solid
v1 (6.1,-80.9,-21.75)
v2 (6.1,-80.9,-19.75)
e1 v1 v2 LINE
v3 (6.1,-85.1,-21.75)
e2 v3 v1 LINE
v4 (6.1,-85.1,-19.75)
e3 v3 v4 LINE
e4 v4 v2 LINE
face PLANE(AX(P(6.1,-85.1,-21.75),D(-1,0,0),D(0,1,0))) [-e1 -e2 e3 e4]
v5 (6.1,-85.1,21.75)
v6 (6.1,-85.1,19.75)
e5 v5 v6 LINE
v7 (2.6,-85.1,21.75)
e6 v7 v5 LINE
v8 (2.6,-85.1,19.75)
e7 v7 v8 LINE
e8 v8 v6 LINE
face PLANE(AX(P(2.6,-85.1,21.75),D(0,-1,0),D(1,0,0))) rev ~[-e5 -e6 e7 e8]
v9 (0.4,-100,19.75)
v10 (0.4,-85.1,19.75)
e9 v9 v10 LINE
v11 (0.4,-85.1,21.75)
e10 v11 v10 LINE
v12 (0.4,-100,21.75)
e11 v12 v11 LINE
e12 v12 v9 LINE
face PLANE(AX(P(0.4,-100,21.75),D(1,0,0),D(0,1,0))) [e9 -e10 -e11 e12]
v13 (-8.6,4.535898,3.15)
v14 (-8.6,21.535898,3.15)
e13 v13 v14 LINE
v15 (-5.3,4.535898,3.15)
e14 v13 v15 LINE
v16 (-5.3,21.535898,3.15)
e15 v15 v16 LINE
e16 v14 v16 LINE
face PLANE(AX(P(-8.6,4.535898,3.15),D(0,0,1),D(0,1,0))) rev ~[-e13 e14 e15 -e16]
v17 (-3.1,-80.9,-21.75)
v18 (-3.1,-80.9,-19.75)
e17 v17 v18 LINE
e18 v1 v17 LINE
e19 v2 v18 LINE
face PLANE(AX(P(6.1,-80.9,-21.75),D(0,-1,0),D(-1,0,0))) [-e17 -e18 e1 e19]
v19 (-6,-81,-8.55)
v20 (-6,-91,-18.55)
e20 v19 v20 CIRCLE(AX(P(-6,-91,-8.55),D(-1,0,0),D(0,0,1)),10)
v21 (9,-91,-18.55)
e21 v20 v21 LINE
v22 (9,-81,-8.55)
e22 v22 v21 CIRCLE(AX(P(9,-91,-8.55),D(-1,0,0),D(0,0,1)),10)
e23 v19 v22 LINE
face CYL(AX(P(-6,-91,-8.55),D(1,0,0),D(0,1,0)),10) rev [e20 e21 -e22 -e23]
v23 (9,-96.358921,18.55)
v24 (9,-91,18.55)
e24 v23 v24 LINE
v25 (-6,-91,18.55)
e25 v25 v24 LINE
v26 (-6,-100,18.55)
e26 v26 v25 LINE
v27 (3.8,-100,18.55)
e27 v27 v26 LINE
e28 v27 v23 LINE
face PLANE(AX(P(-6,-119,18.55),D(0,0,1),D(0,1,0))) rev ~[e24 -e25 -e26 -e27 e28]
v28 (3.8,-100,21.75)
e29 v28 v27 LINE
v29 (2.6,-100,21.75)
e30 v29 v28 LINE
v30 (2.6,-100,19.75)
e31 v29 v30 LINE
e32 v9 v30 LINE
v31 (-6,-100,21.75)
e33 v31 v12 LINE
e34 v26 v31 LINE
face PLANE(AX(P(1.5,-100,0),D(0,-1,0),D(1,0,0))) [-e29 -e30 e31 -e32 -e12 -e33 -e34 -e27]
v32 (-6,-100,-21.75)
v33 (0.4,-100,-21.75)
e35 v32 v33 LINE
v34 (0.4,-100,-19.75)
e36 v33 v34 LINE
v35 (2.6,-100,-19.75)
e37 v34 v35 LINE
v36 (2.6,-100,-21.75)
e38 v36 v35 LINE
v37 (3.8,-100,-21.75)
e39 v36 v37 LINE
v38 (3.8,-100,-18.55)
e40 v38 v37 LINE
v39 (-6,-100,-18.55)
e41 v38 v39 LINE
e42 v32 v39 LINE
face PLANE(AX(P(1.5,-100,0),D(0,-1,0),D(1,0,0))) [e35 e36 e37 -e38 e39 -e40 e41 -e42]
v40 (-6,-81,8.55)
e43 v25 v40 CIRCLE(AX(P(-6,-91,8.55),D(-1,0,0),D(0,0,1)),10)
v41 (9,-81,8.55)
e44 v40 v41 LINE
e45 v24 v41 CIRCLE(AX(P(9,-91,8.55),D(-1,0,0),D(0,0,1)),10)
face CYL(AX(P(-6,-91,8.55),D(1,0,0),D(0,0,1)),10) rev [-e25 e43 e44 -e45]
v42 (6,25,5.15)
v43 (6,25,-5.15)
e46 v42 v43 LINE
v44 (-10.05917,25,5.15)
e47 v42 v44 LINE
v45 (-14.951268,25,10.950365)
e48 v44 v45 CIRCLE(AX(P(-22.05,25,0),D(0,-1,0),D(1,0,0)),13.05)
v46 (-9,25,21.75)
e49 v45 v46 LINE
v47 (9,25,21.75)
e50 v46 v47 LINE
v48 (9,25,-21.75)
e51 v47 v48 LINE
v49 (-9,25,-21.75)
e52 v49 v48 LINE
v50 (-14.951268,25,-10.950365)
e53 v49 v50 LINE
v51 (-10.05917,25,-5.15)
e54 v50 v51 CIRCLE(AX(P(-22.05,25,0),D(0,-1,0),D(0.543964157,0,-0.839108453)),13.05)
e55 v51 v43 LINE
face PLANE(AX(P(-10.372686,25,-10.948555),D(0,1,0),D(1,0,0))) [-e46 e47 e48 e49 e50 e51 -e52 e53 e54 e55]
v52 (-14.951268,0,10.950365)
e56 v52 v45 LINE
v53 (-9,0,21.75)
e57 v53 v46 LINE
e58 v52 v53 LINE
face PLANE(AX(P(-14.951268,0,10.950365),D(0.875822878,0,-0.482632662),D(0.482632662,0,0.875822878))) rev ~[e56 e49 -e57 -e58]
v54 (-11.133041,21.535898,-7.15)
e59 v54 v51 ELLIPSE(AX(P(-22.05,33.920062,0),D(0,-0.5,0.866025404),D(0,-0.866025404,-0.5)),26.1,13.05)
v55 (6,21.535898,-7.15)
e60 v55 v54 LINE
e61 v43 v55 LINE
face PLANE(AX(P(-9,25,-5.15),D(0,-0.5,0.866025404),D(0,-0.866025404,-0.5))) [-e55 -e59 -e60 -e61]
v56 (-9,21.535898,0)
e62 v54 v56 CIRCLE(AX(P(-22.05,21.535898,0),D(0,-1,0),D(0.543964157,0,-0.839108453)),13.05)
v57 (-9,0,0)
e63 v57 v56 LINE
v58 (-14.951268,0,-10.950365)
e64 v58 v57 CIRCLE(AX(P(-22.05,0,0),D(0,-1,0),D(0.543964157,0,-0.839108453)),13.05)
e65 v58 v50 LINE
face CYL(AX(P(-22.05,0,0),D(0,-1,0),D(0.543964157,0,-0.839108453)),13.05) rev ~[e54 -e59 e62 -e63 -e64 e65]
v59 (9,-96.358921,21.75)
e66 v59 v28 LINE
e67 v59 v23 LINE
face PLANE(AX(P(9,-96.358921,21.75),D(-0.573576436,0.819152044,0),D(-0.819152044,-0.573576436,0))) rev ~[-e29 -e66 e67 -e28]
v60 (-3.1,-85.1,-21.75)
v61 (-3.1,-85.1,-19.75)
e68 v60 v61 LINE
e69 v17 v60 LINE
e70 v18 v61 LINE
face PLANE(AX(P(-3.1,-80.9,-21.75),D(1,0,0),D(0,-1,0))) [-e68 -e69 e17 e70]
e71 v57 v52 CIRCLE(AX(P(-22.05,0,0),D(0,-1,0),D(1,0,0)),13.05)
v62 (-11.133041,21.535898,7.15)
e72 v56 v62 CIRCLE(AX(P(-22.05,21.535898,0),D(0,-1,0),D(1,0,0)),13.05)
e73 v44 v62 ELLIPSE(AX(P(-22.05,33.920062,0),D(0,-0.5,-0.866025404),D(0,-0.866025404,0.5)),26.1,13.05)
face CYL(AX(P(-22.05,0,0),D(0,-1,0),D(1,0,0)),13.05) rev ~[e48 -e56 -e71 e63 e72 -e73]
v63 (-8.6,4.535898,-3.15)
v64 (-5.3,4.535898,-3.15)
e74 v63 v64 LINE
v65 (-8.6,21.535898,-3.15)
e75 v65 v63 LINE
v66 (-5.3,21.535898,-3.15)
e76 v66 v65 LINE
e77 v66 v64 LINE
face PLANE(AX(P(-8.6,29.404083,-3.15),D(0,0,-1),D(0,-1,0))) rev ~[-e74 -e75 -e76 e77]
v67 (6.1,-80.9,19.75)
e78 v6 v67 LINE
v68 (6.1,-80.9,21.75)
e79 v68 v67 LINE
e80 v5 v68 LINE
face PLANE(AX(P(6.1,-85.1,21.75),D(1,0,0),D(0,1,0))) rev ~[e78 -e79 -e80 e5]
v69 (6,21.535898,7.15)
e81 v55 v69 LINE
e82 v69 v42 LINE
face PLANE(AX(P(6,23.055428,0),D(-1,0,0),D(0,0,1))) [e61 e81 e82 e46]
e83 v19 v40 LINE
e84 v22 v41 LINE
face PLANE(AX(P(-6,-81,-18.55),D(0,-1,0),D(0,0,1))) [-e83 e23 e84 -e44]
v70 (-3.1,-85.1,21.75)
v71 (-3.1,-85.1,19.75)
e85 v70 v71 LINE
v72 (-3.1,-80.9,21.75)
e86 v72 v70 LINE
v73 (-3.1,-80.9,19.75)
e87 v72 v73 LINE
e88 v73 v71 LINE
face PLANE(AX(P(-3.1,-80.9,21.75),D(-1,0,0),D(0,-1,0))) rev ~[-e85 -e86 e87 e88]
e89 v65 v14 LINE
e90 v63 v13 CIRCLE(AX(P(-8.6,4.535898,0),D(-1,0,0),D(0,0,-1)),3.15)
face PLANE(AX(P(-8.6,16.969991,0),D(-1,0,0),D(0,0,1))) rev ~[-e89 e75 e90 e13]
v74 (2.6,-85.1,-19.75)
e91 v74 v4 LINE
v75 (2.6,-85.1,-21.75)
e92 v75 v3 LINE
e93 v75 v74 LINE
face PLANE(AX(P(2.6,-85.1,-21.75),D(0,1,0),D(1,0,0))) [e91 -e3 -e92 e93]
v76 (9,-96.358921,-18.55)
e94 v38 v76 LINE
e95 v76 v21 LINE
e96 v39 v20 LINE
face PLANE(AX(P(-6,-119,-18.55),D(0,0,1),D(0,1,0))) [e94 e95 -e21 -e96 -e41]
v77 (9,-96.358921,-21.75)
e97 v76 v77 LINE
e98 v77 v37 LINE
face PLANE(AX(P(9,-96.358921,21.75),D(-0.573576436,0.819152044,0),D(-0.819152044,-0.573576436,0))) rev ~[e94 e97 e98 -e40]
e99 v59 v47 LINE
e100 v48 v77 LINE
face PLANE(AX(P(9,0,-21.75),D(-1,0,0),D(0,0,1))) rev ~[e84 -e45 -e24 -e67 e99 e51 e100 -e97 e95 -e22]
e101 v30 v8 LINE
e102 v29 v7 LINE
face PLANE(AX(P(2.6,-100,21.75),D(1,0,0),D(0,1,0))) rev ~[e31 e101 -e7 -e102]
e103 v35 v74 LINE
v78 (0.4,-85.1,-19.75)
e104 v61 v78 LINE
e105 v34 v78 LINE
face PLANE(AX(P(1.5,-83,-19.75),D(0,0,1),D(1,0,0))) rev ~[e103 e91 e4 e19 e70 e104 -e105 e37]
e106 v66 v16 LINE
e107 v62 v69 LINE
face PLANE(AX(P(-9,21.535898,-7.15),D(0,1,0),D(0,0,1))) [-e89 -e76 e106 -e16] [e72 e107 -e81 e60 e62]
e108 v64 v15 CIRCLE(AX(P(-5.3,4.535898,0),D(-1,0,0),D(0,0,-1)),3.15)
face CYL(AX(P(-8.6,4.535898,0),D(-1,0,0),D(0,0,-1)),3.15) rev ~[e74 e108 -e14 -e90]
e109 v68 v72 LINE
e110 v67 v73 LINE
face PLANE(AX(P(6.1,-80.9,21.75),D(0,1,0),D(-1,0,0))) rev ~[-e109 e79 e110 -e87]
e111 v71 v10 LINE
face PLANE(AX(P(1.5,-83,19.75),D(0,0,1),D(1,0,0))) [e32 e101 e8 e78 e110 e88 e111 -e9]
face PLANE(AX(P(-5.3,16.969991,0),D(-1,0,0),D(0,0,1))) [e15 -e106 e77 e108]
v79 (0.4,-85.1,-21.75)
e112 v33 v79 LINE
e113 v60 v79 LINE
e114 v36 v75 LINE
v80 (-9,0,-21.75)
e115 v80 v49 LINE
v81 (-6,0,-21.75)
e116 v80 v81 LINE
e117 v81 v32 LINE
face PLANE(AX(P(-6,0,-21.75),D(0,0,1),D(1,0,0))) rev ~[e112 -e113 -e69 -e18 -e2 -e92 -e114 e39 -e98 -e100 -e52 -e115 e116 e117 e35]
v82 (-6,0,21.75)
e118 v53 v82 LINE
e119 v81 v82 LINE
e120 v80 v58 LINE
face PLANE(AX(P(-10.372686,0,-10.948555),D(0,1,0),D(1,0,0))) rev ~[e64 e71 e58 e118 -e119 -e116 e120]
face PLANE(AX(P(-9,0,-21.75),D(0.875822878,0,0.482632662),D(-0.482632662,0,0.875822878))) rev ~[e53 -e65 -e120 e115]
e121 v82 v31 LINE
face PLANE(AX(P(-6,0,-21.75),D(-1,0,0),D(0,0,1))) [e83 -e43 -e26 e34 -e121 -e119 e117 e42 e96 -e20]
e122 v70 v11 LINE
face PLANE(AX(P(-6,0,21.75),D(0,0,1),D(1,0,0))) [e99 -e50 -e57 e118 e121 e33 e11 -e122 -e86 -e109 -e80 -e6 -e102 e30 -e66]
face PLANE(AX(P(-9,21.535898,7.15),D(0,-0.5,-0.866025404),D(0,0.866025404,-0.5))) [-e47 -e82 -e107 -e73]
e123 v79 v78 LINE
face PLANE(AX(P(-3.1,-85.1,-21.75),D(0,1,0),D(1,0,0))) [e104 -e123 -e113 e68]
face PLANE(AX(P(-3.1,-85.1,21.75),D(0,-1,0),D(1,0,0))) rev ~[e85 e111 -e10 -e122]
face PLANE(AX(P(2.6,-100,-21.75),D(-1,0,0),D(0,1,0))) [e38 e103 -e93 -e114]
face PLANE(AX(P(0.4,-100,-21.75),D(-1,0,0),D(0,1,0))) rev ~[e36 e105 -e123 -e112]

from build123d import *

# Parameters (mm, degrees)
SKETCH2_W               = 18
SKETCH2_H               = 43.5
BOSS_EXTRUDE1_DEPTH     = 25
CUT_EXTRUDE1_DEPTH      = 15
CUT_EXTRUDE1_DEPTH_BACK = 6.951267747
CUT_EXTRUDE2_START      = 0.4
CUT_EXTRUDE2_DEPTH      = 3.3
SKETCH5_W               = 15
SKETCH5_H               = 43.5
BOSS_EXTRUDE2_DEPTH     = 100
SKETCH6_W               = 2.2
SKETCH6_H               = 14.9
CUT_EXTRUDE3_DEPTH      = 2
CUT_EXTRUDE4_START      = -43.5
SKETCH6_3_W             = 2.2
SKETCH6_3_H             = 14.9
CUT_EXTRUDE4_DEPTH      = 2
CUT_EXTRUDE5_DEPTH      = 44.5
SKETCH8_W               = 37.1
SKETCH8_H               = 38
CUT_EXTRUDE6_DEPTH      = 16
FILLET1_R               = 10


with BuildPart() as part:
    # Sketch2 → Boss-Extrude1 (new body)
    with BuildSketch(Plane(origin=(0, 0, 0), x_dir=(1, 0, 0), z_dir=(0, 1, 0))):
        with BuildLine():
            Line((-9, 0), (-9, 21.75))
            Line((-9, 21.75), (-14.951267747, 10.950365309))
            ThreePointArc((-14.951267747, 10.950365309), (-10.583942354, 6.231534486), (-9, 0))
        make_face()
        with BuildLine():
            Line((-9, -21.75), (-9, 0))
            ThreePointArc((-9, 0), (-10.583942354, -6.231534486), (-14.951267747, -10.950365309))
            Line((-14.951267747, -10.950365309), (-9, -21.75))
        make_face()
        Rectangle(SKETCH2_W, SKETCH2_H)
    extrude(amount=BOSS_EXTRUDE1_DEPTH)

    # Sketch3 → Cut-Extrude1 (cut, two sides)
    with BuildSketch(Plane(origin=(-9, 0, 0), x_dir=(0, 0, -1), z_dir=(1, 0, 0))) as cut_extrude1_sk:
        Polygon((-5.15, 25), (5.15, 25), (7.15, 21.535898385), (-7.15, 21.535898385), align=None)
    extrude(amount=CUT_EXTRUDE1_DEPTH, mode=Mode.SUBTRACT)
    extrude(cut_extrude1_sk.sketch, amount=-CUT_EXTRUDE1_DEPTH_BACK, mode=Mode.SUBTRACT)

    # Sketch4 → Cut-Extrude2 (cut)
    with BuildSketch(Plane(origin=(-9, 0, 0), x_dir=(0, 0, -1), z_dir=(1, 0, 0)).offset(CUT_EXTRUDE2_START)):
        with BuildLine():
            Line((3.15, 29.404082691), (3.15, 4.535898385))
            ThreePointArc((3.15, 4.535898385), (0, 1.385898385), (-3.15, 4.535898385))
            Line((-3.15, 4.535898385), (-3.15, 29.404082691))
            ThreePointArc((-3.15, 29.404082691), (0, 32.554082691), (3.15, 29.404082691))
        make_face()
    extrude(amount=CUT_EXTRUDE2_DEPTH, mode=Mode.SUBTRACT)

    # Sketch5 → Boss-Extrude2 (add)
    with BuildSketch(Plane.XZ):
        with Locations((1.5, 0)):
            Rectangle(SKETCH5_W, SKETCH5_H)
    extrude(amount=BOSS_EXTRUDE2_DEPTH)

    # Sketch6 → Cut-Extrude3 (cut)
    with BuildSketch(Plane.XY.offset(21.75)):
        Polygon((-3.1, -85.1), (0.4, -85.1), (2.6, -85.1), (6.1, -85.1), (6.1, -80.9), (-3.1, -80.9), align=None)
        with Locations((1.5, -92.55)):
            Rectangle(SKETCH6_W, SKETCH6_H)
    extrude(amount=-CUT_EXTRUDE3_DEPTH, mode=Mode.SUBTRACT)

    # Sketch6<3> → Cut-Extrude4 (cut)
    with BuildSketch(Plane.XY.offset(21.75).offset(CUT_EXTRUDE4_START)):
        Polygon((-3.1, -85.1), (0.4, -85.1), (2.6, -85.1), (6.1, -85.1), (6.1, -80.9), (-3.1, -80.9), align=None)
        with Locations((1.5, -92.55)):
            Rectangle(SKETCH6_3_W, SKETCH6_3_H)
    extrude(amount=CUT_EXTRUDE4_DEPTH, mode=Mode.SUBTRACT)

    # Sketch7 → Cut-Extrude5 (cut, through all)
    with BuildSketch(Plane.XY.offset(21.75)):
        Polygon((9, -96.358920801), (3.8, -100), (9, -100), align=None)
    extrude(amount=-CUT_EXTRUDE5_DEPTH, mode=Mode.SUBTRACT)

    # Sketch8 → Cut-Extrude6 (cut, through all)
    with BuildSketch(Plane.ZY.offset(6)):
        with Locations((0, -100)):
            Rectangle(SKETCH8_W, SKETCH8_H)
    extrude(amount=-CUT_EXTRUDE6_DEPTH, mode=Mode.SUBTRACT)

    # Fillet1
    fillet1_edges = [part.edges().sort_by_distance(p)[0] for p in [
        (1.5, -81, 18.55),
        (1.5, -81, -18.55),
    ]]
    fillet(fillet1_edges, radius=FILLET1_R)


solid = part.part
